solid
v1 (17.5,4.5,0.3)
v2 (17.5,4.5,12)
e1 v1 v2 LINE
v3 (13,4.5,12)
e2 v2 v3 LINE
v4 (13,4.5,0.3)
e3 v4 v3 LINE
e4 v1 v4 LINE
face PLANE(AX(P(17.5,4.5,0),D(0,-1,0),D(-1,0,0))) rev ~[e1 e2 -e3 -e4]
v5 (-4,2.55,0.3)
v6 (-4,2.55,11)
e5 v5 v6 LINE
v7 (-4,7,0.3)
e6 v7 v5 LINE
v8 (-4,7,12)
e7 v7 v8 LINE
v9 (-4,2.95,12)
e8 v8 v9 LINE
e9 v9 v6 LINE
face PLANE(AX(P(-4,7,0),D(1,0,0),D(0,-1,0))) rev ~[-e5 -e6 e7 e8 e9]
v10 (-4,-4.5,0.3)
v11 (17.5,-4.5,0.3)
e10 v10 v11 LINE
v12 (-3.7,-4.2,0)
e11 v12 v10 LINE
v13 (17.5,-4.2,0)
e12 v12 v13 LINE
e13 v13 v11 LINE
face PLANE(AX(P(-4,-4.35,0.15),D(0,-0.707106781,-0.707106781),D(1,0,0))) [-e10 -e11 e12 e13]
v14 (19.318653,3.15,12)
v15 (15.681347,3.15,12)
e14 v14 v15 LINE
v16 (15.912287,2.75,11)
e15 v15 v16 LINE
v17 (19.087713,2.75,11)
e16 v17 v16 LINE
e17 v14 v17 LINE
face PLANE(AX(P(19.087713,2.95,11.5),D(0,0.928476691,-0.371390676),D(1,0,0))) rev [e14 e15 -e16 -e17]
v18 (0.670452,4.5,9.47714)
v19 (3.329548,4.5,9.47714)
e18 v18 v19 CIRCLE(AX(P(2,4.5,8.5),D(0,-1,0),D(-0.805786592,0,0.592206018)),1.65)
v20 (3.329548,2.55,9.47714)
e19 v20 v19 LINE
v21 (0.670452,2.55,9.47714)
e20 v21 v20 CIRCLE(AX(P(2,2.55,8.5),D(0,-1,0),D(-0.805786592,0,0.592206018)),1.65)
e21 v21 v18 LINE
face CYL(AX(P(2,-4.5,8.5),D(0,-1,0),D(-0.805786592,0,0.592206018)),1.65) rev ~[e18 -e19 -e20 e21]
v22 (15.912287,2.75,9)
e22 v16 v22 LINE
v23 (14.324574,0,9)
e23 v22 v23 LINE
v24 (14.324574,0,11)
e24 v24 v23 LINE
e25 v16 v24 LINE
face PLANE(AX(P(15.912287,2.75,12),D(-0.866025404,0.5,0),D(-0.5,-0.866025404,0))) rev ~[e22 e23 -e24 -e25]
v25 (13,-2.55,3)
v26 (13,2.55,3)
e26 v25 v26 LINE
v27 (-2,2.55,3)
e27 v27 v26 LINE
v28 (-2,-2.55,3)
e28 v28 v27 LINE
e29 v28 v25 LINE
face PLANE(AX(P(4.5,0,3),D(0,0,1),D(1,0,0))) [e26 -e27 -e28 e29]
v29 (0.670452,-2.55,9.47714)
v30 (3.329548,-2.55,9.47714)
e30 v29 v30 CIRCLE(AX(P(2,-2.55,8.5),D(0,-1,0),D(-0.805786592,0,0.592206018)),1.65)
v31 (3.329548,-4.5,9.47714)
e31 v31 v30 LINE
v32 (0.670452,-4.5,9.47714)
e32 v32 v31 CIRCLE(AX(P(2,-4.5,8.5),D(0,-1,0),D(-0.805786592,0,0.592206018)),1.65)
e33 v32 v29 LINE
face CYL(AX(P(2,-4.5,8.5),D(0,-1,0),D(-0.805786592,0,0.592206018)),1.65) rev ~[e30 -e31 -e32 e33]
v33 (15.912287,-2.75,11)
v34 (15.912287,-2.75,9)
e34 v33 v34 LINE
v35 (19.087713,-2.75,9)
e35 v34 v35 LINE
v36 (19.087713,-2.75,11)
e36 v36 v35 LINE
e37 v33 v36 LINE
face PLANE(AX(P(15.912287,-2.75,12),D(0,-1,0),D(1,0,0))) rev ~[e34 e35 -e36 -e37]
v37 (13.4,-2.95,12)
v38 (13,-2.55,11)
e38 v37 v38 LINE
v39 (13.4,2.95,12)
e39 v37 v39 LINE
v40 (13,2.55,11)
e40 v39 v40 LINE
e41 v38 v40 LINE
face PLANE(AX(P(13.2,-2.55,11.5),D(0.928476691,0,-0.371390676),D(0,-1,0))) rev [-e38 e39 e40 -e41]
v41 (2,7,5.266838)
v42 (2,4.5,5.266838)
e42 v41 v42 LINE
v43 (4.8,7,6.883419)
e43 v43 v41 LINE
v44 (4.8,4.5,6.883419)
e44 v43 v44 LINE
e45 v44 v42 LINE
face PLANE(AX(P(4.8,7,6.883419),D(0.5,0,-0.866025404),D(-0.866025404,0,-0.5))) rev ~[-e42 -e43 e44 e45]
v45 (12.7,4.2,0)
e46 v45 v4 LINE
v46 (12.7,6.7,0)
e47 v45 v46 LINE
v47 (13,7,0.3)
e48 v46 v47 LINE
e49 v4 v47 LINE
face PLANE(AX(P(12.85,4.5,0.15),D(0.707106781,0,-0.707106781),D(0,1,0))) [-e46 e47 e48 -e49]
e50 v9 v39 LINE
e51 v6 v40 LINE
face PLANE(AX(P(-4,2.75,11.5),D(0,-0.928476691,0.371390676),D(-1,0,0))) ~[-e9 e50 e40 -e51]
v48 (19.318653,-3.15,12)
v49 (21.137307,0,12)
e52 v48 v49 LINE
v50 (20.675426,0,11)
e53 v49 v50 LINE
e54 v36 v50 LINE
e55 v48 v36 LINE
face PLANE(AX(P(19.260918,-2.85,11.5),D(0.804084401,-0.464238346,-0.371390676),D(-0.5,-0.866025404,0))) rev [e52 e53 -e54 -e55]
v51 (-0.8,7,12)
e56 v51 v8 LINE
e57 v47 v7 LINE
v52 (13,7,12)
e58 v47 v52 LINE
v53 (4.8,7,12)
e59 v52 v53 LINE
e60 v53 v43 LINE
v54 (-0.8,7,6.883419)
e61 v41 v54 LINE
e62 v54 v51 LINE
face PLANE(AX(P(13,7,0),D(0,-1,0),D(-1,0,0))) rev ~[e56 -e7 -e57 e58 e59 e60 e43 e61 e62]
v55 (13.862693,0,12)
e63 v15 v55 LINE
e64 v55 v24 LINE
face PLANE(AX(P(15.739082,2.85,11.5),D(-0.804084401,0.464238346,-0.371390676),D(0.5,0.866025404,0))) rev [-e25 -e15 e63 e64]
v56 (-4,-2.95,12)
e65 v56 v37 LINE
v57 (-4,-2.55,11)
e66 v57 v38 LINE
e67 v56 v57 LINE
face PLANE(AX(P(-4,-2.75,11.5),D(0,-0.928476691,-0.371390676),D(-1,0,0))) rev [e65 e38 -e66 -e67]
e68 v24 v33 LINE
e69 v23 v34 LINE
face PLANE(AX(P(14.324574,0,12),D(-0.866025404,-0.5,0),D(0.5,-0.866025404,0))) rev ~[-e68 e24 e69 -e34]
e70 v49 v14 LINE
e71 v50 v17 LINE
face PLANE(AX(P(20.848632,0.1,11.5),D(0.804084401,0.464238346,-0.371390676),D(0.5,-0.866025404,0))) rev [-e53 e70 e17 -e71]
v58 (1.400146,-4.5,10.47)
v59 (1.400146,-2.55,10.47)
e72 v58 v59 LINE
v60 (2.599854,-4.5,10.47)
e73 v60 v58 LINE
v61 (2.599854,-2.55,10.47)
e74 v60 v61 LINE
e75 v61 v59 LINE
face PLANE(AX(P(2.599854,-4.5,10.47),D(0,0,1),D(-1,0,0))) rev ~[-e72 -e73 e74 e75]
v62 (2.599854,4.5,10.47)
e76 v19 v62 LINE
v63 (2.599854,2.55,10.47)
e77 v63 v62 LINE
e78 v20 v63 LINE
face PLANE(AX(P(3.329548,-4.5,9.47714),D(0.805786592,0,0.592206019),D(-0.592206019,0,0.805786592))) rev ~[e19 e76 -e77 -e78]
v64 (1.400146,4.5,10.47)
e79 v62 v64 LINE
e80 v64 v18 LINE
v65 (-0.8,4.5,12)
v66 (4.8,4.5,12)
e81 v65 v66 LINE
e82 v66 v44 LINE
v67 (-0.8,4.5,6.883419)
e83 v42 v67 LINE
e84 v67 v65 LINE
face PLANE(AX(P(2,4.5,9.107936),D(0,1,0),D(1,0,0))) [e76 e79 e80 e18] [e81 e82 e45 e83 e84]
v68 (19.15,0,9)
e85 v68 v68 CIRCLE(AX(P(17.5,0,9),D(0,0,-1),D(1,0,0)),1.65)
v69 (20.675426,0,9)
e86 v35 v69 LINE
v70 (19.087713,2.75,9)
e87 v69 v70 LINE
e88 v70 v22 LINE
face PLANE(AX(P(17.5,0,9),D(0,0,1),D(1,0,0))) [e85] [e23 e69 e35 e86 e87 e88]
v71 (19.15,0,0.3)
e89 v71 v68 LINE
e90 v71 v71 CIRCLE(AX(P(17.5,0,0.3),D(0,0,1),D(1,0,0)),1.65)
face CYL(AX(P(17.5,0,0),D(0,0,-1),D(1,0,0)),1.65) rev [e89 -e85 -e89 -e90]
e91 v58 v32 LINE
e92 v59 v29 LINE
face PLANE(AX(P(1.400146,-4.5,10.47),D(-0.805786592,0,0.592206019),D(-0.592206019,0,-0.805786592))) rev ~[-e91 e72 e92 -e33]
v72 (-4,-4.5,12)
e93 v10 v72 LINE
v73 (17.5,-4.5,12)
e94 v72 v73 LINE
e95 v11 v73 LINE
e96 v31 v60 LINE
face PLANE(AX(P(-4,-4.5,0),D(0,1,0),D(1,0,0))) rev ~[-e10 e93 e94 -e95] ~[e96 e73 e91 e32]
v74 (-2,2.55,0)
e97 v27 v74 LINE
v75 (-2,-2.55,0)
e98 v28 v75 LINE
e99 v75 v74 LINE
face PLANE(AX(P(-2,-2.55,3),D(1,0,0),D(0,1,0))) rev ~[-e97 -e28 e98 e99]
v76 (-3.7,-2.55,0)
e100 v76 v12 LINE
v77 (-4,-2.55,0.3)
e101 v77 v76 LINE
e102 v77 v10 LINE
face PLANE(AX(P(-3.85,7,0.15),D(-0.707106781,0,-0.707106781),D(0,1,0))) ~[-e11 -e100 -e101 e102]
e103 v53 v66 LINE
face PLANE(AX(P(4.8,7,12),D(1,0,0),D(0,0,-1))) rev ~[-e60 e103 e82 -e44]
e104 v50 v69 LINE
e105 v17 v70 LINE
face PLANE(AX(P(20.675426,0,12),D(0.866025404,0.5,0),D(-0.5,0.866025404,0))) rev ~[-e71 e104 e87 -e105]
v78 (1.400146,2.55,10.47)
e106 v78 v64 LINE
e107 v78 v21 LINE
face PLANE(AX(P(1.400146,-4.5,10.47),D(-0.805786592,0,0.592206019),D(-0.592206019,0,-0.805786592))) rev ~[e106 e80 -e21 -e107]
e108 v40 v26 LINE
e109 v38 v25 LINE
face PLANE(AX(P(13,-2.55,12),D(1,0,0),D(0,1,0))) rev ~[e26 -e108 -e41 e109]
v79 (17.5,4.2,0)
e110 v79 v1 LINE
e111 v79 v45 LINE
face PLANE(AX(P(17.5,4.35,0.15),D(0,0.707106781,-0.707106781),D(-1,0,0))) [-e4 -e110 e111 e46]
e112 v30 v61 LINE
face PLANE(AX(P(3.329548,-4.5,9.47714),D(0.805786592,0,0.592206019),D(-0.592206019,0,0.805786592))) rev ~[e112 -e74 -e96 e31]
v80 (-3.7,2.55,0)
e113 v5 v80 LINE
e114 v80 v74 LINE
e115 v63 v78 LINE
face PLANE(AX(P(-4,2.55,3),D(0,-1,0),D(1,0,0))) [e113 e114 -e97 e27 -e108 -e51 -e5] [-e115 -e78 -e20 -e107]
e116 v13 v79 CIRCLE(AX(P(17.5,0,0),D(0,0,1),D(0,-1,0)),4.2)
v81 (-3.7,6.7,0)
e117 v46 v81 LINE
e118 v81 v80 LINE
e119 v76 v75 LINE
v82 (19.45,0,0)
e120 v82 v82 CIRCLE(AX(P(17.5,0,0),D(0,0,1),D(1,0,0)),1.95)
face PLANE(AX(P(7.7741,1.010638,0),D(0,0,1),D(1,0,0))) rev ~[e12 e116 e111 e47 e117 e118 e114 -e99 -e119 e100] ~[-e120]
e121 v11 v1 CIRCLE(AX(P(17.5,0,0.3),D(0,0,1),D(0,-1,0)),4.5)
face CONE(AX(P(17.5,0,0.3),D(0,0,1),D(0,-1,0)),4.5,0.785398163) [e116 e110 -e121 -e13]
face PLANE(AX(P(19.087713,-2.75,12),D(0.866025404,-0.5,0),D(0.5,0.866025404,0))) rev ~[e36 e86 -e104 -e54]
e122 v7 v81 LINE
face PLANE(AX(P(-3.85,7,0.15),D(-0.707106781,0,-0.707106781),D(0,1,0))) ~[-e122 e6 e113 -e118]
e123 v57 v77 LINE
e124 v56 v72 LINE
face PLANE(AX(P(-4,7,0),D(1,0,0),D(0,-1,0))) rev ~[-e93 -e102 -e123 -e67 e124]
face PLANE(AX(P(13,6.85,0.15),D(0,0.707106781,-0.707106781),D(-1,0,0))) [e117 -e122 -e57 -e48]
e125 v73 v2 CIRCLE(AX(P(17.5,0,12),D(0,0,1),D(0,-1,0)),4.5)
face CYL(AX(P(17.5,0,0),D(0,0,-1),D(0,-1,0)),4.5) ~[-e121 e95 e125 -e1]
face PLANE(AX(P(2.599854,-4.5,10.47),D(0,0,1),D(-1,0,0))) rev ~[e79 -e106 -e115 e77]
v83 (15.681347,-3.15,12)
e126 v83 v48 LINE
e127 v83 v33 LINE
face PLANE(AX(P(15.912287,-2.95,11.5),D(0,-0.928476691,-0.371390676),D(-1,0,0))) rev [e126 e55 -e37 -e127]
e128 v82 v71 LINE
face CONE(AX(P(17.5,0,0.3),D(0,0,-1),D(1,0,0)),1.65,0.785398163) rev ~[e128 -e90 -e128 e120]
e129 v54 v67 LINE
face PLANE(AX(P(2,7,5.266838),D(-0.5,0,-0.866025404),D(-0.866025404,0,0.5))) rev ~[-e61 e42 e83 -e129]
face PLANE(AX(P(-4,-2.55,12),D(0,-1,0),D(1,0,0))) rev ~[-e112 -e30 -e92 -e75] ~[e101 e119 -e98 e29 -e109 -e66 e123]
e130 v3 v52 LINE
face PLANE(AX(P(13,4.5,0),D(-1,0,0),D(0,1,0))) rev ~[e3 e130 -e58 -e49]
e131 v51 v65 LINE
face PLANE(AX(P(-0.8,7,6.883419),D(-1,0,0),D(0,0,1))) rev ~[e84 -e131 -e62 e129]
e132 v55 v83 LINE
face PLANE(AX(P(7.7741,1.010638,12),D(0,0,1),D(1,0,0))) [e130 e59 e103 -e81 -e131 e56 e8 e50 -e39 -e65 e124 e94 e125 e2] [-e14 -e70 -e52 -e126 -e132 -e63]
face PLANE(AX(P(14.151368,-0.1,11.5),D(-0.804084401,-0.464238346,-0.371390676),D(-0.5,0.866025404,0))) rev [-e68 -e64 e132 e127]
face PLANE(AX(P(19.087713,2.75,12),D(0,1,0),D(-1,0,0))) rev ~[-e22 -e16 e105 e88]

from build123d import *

# Parameters (mm, degrees)
SKETCH1_R           = 1.65
BOSS_EXTRUDE1_DEPTH = 12
SKETCH2_W           = 17
SKETCH2_H           = 5.1
CUT_EXTRUDE1_DEPTH  = 9
CUT_EXTRUDE2_DEPTH  = 3
CHAMFER1_SIZE       = 0.4
CHAMFER1_SIZE2      = 1
CHAMFER2_SIZE       = 0.3
CUT_EXTRUDE3_DEPTH  = 12.5
CUT_EXTRUDE4_DEPTH  = 2.5
SKETCH6_W           = 2
SKETCH6_H           = 5.1
CUT_EXTRUDE5_DEPTH  = 4


with BuildPart() as part:
    # Sketch1 → Boss-Extrude1 (new body)
    with BuildSketch(Plane.XY):
        with BuildLine():
            Line((-4, 7), (-4, -4.5))
            Line((-4, -4.5), (17.5, -4.5))
            ThreePointArc((17.5, -4.5), (22, 0), (17.5, 4.5))
            Line((17.5, 4.5), (13, 4.5))
            Line((13, 4.5), (13, 7))
            Line((13, 7), (-4, 7))
        make_face()
        with Locations((17.5, 0)):
            Circle(SKETCH1_R, mode=Mode.SUBTRACT)
    extrude(amount=BOSS_EXTRUDE1_DEPTH)

    # Sketch2 → Cut-Extrude1 (cut)
    with BuildSketch(Plane.XY.offset(12)):
        with Locations((4.5, 0)):
            Rectangle(SKETCH2_W, SKETCH2_H)
    extrude(amount=-CUT_EXTRUDE1_DEPTH, mode=Mode.SUBTRACT)

    # Sketch3 → Cut-Extrude2 (cut)
    with BuildSketch(Plane.XY.offset(12)):
        Polygon((14.324573519, 0), (15.91228676, -2.75), (19.08771324, -2.75), (20.675426481, 0), (19.08771324, 2.75), (15.91228676, 2.75), align=None)
    extrude(amount=-CUT_EXTRUDE2_DEPTH, mode=Mode.SUBTRACT)

    # Chamfer1
    chamfer1_edges = [part.edges().sort_by_distance(p)[0] for p in [
        (4.5, -2.55, 12),
        (13, 0, 12),
        (4.5, 2.55, 12),
        (15.11843014, 1.375, 12),
        (15.11843014, -1.375, 12),
        (17.5, -2.75, 12),
        (19.88156986, -1.375, 12),
        (19.88156986, 1.375, 12),
        (17.5, 2.75, 12),
    ]]
    chamfer1_side = [part.faces().sort_by_distance(p)[0] for p in [
        (4.5, 6.71570262, 12),
    ]]
    chamfer(chamfer1_edges, length=CHAMFER1_SIZE, length2=CHAMFER1_SIZE2, reference=chamfer1_side[0])

    # Chamfer2
    chamfer2_edges = [part.edges().sort_by_distance(p)[0] for p in [
        (15.85, 0, 0),
        (22, 0, 0),
        (6.75, -4.5, 0),
        (-4, 1.25, 0),
        (4.5, 7, 0),
        (13, 5.75, 0),
        (15.25, 4.5, 0),
    ]]
    chamfer(chamfer2_edges, length=CHAMFER2_SIZE)

    # Sketch4 → Cut-Extrude3 (cut, through all)
    with BuildSketch(Plane(origin=(0, -4.5, 0), x_dir=(1, 0, 0), z_dir=(0, 1, 0))):
        with BuildLine():
            Line((3.329547877, -9.477139931), (2.599853793, -10.47))
            Line((2.599853793, -10.47), (1.400146207, -10.47))
            Line((1.400146207, -10.47), (0.670452123, -9.477139931))
            ThreePointArc((0.670452123, -9.477139931), (2, -6.85), (3.329547877, -9.477139931))
        make_face()
    extrude(amount=CUT_EXTRUDE3_DEPTH, mode=Mode.SUBTRACT)

    # Sketch5 → Cut-Extrude4 (cut)
    with BuildSketch(Plane(origin=(0, 7, 0), x_dir=(1, 0, 0), z_dir=(0, 1, 0))):
        Polygon((-0.8, -12), (4.8, -12), (4.8, -6.883419246), (2, -5.266838493), (-0.8, -6.883419246), align=None)
    extrude(amount=-CUT_EXTRUDE4_DEPTH, mode=Mode.SUBTRACT)

    # Sketch6 → Cut-Extrude5 (cut, through all)
    with BuildSketch(Plane.XY.offset(3)):
        with Locations((-3, 0)):
            Rectangle(SKETCH6_W, SKETCH6_H)
    extrude(amount=-CUT_EXTRUDE5_DEPTH, mode=Mode.SUBTRACT)


solid = part.part
